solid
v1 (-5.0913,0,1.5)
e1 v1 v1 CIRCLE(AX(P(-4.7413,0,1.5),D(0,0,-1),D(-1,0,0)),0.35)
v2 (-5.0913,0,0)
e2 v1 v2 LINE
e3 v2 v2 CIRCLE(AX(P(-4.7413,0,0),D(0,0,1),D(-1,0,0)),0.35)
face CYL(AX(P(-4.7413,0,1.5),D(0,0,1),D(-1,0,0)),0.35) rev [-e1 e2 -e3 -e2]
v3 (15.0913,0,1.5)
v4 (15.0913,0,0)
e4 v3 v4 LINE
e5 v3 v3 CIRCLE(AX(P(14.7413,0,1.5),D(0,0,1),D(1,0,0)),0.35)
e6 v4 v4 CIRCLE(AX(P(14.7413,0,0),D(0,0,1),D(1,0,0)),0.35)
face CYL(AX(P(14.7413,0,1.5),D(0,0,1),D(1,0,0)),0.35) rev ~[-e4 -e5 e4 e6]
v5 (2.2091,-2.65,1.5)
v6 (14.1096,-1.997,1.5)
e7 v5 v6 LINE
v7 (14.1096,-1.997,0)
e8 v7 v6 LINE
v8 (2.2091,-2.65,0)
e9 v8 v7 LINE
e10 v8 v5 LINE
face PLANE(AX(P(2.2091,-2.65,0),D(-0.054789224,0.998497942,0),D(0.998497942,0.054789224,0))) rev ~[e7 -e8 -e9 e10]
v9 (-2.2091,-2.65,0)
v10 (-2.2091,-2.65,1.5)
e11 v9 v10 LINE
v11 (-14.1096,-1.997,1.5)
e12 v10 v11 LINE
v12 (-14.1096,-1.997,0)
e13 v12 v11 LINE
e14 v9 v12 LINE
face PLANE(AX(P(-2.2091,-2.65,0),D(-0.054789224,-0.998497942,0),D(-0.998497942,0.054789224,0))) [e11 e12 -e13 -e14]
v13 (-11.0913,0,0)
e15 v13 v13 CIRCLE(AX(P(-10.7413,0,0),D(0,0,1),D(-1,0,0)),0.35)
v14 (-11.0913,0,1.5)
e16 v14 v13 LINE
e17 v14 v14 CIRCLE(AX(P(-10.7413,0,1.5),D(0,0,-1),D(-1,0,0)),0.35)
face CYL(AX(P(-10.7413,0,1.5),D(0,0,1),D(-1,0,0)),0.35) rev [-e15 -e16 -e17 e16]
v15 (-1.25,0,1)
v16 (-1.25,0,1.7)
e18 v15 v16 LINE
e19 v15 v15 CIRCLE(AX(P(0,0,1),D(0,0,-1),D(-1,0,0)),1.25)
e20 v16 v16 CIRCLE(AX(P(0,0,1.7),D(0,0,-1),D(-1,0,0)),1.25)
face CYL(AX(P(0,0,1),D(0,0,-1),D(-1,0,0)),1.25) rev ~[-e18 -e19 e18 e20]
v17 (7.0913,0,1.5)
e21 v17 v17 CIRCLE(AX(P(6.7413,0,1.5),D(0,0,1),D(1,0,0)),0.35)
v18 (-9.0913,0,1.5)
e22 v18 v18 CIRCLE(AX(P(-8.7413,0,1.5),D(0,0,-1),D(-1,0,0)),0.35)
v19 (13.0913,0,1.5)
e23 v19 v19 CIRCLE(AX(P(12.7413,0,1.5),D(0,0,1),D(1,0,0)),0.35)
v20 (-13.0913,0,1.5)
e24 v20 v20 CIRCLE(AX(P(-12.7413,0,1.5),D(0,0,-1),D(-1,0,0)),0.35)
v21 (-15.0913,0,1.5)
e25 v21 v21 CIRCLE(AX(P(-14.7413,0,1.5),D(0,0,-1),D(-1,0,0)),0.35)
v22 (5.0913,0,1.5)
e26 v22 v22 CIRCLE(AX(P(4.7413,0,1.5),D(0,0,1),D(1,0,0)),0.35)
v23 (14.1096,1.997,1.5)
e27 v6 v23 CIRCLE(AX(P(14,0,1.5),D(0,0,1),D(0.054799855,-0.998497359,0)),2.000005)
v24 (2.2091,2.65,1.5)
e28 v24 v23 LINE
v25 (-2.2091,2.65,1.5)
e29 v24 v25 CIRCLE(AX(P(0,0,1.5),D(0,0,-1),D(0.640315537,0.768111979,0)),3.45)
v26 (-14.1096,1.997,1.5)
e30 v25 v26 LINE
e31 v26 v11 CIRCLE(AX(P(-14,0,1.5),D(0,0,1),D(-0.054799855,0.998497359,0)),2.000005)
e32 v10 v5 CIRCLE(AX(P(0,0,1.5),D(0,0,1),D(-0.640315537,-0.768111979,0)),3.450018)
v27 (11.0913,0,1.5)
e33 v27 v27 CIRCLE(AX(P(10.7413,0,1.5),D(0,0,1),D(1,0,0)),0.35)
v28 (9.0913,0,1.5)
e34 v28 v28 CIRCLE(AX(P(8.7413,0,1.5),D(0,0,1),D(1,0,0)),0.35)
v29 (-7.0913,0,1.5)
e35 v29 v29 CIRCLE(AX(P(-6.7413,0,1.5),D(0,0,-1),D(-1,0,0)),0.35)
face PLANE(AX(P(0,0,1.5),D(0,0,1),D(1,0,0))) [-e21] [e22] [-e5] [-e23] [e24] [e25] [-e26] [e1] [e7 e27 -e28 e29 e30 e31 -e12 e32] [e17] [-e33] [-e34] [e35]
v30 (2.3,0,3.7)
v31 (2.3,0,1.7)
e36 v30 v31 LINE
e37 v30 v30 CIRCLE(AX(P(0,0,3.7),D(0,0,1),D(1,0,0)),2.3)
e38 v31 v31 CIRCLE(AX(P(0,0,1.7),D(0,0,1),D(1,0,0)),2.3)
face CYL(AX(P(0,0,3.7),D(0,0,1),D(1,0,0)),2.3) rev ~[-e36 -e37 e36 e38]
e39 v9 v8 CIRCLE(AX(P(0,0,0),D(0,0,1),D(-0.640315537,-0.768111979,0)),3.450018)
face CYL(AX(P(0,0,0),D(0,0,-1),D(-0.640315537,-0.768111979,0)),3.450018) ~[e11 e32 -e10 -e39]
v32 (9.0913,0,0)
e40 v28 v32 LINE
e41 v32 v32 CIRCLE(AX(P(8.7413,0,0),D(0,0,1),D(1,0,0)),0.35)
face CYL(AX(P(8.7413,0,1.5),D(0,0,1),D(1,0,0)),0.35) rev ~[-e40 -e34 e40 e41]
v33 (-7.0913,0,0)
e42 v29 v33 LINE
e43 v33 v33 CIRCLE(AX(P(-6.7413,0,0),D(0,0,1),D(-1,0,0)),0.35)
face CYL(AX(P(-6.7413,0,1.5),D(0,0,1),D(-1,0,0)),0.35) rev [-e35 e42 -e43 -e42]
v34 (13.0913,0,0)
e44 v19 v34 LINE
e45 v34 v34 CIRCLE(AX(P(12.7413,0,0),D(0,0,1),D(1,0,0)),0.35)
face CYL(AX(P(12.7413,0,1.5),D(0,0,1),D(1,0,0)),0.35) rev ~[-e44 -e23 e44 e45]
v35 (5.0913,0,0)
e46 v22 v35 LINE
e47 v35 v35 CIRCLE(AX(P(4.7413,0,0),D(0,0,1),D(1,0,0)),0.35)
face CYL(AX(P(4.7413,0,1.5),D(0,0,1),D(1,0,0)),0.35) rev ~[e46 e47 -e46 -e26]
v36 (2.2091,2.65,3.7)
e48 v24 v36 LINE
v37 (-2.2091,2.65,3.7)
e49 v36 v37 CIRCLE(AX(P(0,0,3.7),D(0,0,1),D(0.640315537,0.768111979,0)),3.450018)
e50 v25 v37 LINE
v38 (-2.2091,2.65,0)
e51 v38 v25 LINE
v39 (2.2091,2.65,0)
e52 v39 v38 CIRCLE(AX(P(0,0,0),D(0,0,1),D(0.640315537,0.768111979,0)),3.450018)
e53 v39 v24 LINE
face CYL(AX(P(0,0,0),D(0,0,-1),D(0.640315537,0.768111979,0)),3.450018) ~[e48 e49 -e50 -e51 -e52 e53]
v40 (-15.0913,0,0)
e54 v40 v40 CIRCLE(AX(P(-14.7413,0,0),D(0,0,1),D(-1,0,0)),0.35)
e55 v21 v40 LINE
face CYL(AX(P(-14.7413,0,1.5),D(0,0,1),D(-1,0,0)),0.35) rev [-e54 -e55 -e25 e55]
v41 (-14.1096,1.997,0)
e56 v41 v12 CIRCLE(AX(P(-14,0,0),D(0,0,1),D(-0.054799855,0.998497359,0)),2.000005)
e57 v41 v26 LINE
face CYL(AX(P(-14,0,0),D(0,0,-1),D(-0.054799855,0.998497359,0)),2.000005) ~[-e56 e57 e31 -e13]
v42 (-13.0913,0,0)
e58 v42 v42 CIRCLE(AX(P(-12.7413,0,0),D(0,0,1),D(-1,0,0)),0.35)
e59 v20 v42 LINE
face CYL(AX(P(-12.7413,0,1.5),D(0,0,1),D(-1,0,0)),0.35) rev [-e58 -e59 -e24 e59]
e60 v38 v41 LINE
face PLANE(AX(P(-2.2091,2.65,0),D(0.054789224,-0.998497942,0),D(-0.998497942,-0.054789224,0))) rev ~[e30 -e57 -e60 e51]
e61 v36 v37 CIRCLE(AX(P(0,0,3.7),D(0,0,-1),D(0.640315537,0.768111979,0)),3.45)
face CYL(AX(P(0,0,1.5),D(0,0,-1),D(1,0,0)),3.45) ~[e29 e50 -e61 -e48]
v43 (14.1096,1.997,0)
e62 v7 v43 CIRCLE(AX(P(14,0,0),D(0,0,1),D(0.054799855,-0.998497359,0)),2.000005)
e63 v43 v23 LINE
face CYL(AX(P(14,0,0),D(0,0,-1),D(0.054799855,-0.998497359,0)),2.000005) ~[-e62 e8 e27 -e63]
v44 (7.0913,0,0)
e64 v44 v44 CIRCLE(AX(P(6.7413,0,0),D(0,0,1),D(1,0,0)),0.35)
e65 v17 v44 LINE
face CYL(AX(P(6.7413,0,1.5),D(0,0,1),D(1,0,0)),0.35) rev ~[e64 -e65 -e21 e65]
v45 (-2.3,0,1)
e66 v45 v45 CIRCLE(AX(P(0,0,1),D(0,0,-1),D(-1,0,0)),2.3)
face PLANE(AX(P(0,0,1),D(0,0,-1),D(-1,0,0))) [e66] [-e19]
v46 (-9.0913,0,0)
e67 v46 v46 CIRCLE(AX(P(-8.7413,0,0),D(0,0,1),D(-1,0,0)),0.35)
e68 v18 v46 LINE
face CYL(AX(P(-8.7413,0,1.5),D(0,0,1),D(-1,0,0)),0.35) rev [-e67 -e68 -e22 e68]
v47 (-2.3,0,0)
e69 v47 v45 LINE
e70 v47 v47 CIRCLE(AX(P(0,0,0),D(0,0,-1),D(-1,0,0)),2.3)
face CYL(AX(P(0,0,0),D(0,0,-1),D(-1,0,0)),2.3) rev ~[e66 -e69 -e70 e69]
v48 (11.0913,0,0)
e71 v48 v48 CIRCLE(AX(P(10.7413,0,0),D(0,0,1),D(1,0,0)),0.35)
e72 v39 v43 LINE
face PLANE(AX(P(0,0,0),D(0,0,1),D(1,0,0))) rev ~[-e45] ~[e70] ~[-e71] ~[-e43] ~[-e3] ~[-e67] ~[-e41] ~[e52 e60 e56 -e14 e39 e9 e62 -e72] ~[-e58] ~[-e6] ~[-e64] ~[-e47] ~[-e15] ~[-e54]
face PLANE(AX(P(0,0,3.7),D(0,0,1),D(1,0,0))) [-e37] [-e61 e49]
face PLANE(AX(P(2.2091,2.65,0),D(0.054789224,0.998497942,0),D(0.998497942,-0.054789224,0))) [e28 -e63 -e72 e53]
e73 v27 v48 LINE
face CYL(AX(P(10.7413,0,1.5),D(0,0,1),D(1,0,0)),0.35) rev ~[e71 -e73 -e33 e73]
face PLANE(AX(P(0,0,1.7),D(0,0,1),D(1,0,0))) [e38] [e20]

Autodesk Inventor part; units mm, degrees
ref_plane "YZ Plane" through (0, 0, 0) normal (1, 0, 0) x (0, 1, 0)
ref_plane "XZ Plane" through (0, 0, 0) normal (0, 1, 0) x (-1, 0, 0)
ref_plane "XY Plane" through (0, 0, 0) normal (0, 0, 1) x (1, 0, 0)
sketch "Sketch1" plane through (0, 0, 0) normal (0, 0, 1) x (1, 0, 0)
  circle A0 centre (0, 0) radius 15.9 construction
  line L0 (-15.9, 2.9943) -> (-15.9, -4.6321) construction
  line L1 (15.9, 4.7345) -> (15.9, -4.6321) construction
  circle A1 centre (0, 0) radius 3.45 construction
  arc A2 (-14.1096, 1.997) -> (-14.1096, -1.997) centre (-14, 0) ccw
  arc A3 (14.1096, -1.997) -> (14.1096, 1.997) centre (14, 0) ccw
  line L2 (4.9743, 2.65) -> (-6.1832, 2.65) construction
  line L3 (-6.1832, 2.65) -> (-6.1832, -2.65) construction
  line L4 (-6.1832, -2.65) -> (4.9743, -2.65) construction
  line L5 (4.9743, -2.65) -> (4.9743, 2.65) construction
  line L6 (-2.2091, 2.65) -> (-14.1096, 1.997)
  line L7 (-2.2091, -2.65) -> (-14.1096, -1.997)
  line L8 (2.2091, 2.65) -> (14.1096, 1.997)
  line L9 (2.2091, -2.65) -> (14.1096, -1.997)
  line L10 (-18.8016, 0) -> (-15.9, 0) construction
  line L11 (-12, 0) -> (22.4015, 0) construction
  arc A4 (-2.2091, -2.65) -> (2.2091, -2.65) centre (0, 0) ccw
  arc A5 (2.2091, 2.65) -> (-2.2091, 2.65) centre (0, 0) ccw
  dimension "d0" = 31.8
  dimension "d1" = 6.9
  dimension "d4" = 4
  dimension "d5" = 4
  dimension "d6" = 14
  dimension "d7" = 14
  dimension "d8" = 5.3
extrude "Extrusion1" add sketch "Sketch1" along normal blind 1.5
sketch "Sketch2" plane through (0, 0, 1.5) normal (0, 0, 1) x (1, 0, 0)
  arc A0 (2.2091, 2.65) -> (-2.2091, 2.65) centre (0, 0) ccw projected
  circle A1 centre (0, 0) radius 3.45
extrude "Extrusion2" add sketch "Sketch2" along normal blind 2.2
sketch "Sketch3" plane through (0, 0, 3.7) normal (0, 0, 1) x (1, 0, 0)
  circle A0 centre (0, 0) radius 3.45 projected
  circle A1 centre (0, 0) radius 2.3
  dimension "d12" = 4.6
extrude "Extrusion3" cut sketch "Sketch3" against normal blind 2 contours A1
sketch "Sketch4" plane through (0, 0, 0) normal (0, 0, -1) x (-1, 0, 0)
  arc A0 (-2.2091, -2.65) -> (2.2091, -2.65) centre (0, 0) ccw projected
  circle A1 centre (0, 0) radius 2.3
  dimension "d15" = 4.6
extrude "Extrusion4" cut sketch "Sketch4" against normal blind 1
sketch "Sketch5" plane through (0, 0, 1) normal (0, 0, -1) x (-1, 0, 0)
  circle A0 centre (0, 0) radius 2.3 projected
  circle A1 centre (0, 0) radius 1.25
  dimension "d18" = 2.5
extrude "Extrusion5" cut sketch "Sketch5" against normal blind 1 contours A1
sketch "Sketch6" plane through (0, 0, 1.5) normal (0, 0, 1) x (1, 0, 0)
  circle A0 centre (14.7413, 0) radius 0.35
  dimension "d21" = 0.7
extrude "Extrusion6" cut sketch "Sketch6" against normal through all
pattern_linear "Rectangular Pattern1" count 6 spacing 2 along (-1, 0, 0) of "Extrusion6"
mirror "Mirror1" about plane through (0, 0, 0) normal (1, 0, 0) of "Extrusion6", "Rectangular Pattern1"
properties part number "ServoBlade"
